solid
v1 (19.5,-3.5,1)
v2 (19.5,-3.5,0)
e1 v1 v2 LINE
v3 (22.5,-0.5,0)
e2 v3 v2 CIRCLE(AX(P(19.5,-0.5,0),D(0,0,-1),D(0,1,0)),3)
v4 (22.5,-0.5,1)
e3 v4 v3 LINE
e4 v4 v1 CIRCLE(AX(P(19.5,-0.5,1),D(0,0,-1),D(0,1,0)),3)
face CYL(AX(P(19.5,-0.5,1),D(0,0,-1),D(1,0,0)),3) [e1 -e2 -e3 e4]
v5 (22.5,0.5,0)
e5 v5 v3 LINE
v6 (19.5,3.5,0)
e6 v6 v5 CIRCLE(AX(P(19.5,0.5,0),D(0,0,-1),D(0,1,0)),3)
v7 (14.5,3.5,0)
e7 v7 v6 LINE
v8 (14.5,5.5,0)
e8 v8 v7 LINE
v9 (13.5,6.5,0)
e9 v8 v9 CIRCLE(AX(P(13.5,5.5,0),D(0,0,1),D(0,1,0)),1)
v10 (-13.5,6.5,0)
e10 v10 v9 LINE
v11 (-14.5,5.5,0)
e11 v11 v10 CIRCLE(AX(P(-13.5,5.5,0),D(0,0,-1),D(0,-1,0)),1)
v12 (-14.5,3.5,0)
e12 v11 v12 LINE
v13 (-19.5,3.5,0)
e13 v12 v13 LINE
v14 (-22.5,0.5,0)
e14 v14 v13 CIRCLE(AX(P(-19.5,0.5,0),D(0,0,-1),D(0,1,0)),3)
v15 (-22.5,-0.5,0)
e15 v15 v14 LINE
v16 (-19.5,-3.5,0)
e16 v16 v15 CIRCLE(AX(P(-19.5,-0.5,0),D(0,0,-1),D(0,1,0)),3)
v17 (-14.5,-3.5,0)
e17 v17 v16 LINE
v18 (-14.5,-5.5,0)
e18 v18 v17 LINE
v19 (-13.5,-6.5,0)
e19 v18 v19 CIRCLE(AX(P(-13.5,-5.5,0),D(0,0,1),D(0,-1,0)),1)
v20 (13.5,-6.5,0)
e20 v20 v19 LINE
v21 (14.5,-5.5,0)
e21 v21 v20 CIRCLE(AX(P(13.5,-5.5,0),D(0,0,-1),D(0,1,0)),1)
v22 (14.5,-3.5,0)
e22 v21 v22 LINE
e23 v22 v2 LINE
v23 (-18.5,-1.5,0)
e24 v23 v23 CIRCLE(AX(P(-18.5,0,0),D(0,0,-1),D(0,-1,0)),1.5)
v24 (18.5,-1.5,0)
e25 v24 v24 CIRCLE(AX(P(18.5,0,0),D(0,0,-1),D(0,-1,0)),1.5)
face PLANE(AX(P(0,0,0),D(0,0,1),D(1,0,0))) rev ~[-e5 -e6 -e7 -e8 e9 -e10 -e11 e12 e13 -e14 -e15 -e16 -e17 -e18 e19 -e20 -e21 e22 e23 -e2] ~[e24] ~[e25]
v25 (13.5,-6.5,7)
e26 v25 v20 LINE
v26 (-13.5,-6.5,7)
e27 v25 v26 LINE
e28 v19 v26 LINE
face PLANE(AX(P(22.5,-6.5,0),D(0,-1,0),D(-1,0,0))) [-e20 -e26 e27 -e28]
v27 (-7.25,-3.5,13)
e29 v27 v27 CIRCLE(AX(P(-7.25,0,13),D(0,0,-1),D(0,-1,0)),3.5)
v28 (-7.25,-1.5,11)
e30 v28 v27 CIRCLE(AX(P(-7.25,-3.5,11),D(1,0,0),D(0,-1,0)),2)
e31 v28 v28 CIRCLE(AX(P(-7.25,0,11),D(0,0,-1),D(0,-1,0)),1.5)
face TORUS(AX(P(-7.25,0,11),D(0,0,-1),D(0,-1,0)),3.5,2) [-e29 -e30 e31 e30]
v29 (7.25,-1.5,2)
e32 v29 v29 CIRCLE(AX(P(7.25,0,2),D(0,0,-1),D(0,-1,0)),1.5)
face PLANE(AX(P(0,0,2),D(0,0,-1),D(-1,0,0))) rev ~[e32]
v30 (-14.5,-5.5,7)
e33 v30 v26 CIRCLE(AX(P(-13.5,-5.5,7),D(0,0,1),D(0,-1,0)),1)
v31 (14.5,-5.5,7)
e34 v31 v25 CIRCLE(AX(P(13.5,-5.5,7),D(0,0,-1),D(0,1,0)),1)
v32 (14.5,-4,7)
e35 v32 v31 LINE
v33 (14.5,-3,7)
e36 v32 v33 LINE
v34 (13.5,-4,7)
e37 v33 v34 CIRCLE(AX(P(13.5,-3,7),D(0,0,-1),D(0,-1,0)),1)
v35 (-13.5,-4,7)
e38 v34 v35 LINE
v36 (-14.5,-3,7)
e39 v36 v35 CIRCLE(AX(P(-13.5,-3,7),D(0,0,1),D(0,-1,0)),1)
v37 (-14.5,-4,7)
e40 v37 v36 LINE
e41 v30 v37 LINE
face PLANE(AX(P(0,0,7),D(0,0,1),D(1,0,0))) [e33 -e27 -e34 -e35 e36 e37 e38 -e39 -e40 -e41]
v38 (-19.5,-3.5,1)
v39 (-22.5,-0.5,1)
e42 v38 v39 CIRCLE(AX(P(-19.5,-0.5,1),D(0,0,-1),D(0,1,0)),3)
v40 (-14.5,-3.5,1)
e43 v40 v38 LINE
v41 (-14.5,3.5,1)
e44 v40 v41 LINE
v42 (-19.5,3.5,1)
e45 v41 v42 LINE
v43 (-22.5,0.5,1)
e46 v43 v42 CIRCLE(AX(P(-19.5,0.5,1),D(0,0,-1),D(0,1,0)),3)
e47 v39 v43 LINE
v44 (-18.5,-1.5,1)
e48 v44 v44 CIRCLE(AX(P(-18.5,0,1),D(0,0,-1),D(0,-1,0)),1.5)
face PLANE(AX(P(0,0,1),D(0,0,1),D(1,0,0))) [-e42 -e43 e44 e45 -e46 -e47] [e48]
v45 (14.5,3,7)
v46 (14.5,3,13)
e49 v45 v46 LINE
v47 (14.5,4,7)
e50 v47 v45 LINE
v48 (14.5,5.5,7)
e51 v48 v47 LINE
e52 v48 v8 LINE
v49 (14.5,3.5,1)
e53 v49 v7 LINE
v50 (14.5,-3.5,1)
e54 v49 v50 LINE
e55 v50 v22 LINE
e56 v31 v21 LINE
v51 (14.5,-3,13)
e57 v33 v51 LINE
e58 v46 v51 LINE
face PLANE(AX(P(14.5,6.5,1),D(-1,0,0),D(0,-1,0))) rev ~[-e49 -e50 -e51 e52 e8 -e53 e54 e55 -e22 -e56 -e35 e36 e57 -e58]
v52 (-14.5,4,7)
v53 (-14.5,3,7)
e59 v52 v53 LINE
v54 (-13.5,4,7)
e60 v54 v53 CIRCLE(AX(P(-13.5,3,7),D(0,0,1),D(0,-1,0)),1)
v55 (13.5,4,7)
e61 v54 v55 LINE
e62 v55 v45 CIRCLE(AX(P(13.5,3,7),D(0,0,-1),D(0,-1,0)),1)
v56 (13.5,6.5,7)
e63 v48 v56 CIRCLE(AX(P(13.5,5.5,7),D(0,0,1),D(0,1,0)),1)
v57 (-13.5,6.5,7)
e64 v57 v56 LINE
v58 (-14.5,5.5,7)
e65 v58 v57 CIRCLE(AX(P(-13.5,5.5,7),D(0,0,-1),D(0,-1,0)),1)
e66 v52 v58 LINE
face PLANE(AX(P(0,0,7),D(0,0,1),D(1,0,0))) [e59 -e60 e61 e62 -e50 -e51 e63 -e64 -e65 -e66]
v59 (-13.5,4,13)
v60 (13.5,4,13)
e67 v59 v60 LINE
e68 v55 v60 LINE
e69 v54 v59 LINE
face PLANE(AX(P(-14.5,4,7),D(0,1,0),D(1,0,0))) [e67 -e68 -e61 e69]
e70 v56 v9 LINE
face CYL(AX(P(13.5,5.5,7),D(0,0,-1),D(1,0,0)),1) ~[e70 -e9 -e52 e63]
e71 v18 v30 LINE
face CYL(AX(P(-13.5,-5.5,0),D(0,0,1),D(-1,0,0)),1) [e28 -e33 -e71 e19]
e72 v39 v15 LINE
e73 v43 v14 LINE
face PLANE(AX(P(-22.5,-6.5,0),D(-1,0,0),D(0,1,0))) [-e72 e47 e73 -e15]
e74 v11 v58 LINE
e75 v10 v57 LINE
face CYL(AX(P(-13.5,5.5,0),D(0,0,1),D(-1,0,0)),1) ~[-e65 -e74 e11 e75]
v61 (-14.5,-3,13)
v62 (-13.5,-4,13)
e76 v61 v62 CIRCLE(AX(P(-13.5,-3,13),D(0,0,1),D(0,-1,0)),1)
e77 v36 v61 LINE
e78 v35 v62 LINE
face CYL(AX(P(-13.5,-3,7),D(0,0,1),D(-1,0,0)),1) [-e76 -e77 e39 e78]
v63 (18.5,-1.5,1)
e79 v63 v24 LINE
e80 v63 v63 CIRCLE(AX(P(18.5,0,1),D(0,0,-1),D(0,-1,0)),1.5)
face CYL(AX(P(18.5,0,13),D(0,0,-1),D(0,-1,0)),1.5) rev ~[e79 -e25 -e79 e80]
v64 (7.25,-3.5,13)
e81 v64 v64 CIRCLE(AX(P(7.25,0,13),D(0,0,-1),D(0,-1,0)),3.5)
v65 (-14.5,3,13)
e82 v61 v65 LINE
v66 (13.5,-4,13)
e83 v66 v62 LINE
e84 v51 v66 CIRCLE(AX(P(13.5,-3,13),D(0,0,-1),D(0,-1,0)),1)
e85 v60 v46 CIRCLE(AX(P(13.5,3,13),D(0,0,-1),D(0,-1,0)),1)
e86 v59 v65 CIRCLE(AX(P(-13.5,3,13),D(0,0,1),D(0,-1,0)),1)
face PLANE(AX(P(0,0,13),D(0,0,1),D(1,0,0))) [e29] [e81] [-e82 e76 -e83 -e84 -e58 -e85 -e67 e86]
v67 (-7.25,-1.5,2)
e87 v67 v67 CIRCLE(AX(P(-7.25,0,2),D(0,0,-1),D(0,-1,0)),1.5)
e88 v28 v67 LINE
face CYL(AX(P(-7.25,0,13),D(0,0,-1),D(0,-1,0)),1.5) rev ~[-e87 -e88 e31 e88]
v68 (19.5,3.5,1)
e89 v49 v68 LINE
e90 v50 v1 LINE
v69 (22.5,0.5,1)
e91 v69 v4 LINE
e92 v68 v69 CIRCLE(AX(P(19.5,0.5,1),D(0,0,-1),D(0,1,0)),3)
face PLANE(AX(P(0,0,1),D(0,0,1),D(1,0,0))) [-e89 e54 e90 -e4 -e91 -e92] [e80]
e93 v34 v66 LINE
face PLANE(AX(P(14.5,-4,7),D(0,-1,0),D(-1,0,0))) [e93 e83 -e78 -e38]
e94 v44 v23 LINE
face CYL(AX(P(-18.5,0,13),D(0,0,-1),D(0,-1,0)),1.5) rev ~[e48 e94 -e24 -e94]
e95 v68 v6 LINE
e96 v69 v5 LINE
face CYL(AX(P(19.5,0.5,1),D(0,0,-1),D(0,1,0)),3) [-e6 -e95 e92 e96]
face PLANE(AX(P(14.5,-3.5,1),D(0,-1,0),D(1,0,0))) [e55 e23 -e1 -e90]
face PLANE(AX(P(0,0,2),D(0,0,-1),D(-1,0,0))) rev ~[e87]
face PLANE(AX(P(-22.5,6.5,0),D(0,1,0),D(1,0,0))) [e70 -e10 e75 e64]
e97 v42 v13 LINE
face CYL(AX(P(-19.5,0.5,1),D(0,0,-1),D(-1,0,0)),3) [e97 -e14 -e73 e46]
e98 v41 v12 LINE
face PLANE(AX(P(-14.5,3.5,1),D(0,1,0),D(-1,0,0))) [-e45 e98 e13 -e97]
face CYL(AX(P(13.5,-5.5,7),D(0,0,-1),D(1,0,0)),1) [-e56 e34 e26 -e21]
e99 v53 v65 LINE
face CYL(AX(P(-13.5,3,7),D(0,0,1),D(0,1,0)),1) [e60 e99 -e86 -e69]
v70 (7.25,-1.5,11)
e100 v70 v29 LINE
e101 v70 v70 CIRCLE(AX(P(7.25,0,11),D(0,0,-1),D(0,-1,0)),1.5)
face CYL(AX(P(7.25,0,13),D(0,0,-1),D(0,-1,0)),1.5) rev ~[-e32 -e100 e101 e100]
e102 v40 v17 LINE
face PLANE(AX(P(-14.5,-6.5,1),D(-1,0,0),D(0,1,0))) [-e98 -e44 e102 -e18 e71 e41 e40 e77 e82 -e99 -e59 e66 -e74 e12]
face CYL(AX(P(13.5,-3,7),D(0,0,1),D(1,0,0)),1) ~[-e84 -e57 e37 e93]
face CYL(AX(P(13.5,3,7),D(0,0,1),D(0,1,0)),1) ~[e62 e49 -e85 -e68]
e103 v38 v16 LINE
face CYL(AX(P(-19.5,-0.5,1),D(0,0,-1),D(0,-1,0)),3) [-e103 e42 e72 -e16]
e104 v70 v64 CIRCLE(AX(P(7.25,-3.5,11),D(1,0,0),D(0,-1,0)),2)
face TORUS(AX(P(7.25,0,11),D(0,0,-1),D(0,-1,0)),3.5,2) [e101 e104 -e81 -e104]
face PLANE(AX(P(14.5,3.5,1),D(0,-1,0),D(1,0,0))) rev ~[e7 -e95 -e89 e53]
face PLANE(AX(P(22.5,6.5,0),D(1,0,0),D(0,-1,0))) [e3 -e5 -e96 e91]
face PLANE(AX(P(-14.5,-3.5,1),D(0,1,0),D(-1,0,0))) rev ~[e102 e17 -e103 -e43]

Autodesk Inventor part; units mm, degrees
ref_plane "YZ Plane" through (0, 0, 0) normal (1, 0, 0) x (0, 1, 0)
ref_plane "XZ Plane" through (0, 0, 0) normal (0, 1, 0) x (-1, 0, 0)
ref_plane "XY Plane" through (0, 0, 0) normal (0, 0, 1) x (1, 0, 0)
sketch "スケッチ1" plane through (0, 0, 0) normal (0, 0, 1) x (1, 0, 0)
  line L0 (-22.5, 6.5) -> (22.5, 6.5)
  line L1 (22.5, 6.5) -> (22.5, -6.5)
  line L2 (22.5, -6.5) -> (-22.5, -6.5)
  line L3 (-22.5, -6.5) -> (-22.5, 6.5)
  line L4 (-22.5, 6.5) -> (22.5, -6.5) construction
  line L5 (22.5, 6.5) -> (-22.5, -6.5) construction
  point P0 (0, 0)
  dimension "d0" = 45
  dimension "d1" = 13
extrude "押し出し1" add sketch "スケッチ1" along normal blind 1
sketch "スケッチ2" plane through (0, 0, 1) normal (0, 0, 1) x (1, 0, 0)
  line L0 (-14.5, 6.5) -> (14.5, 6.5)
  line L1 (14.5, 6.5) -> (14.5, -6.5)
  line L2 (14.5, -6.5) -> (-14.5, -6.5)
  line L3 (-14.5, -6.5) -> (-14.5, 6.5)
  line L4 (-14.5, 6.5) -> (14.5, -6.5) construction
  line L5 (14.5, 6.5) -> (-14.5, -6.5) construction
  point P0 (0, 0)
  dimension "d4" = 29
  dimension "d5" = 13
extrude "押し出し2" add sketch "スケッチ2" along normal blind 6
sketch "スケッチ4" plane through (0, 0, 7) normal (0, 0, 1) x (1, 0, 0)
  line L0 (-14.5, 4) -> (14.5, 4)
  line L1 (14.5, 4) -> (14.5, -4)
  line L2 (14.5, -4) -> (-14.5, -4)
  line L3 (-14.5, -4) -> (-14.5, 4)
  line L4 (-14.5, 4) -> (14.5, -4) construction
  line L5 (14.5, 4) -> (-14.5, -4) construction
  point P0 (0, 0)
  dimension "d8" = 29
  dimension "d9" = 8
extrude "押し出し3" add sketch "スケッチ4" along normal blind 6
sketch "スケッチ5" plane through (0, 0, 1) normal (0, 0, 1) x (1, 0, 0)
  point P0 (0, 0)
sketch "スケッチ6" plane through (0, 0, 1) normal (0, 0, 1) x (1, 0, 0)
  line L0 (22.5, 6.5) -> (14.5, 6.5)
  line L1 (14.5, 6.5) -> (14.5, 3.5)
  line L2 (14.5, 3.5) -> (22.5, 3.5)
  line L3 (22.5, 3.5) -> (22.5, 6.5)
  line L4 (22.5, -6.5) -> (14.5, -6.5)
  line L5 (14.5, -6.5) -> (14.5, -3.5)
  line L6 (14.5, -3.5) -> (22.5, -3.5)
  line L7 (22.5, -3.5) -> (22.5, -6.5)
  line L8 (-22.5, 6.5) -> (-14.5, 6.5)
  line L9 (-14.5, 6.5) -> (-14.5, 3.5)
  line L10 (-14.5, 3.5) -> (-22.5, 3.5)
  line L11 (-22.5, 3.5) -> (-22.5, 6.5)
  line L12 (-22.5, -6.5) -> (-14.5, -6.5)
  line L13 (-14.5, -6.5) -> (-14.5, -3.5)
  line L14 (-14.5, -3.5) -> (-22.5, -3.5)
  line L15 (-22.5, -3.5) -> (-22.5, -6.5)
  point P0 (0, 0)
  dimension "d12" = 8
  dimension "d13" = 3
  dimension "d14" = 8
  dimension "d15" = 3
  dimension "d16" = 8
  dimension "d17" = 3
  dimension "d18" = 8
  dimension "d19" = 3
extrude "押し出し4" cut sketch "スケッチ6" against normal blind 6
fillet "フィレット1" radius 3 4 edges at (22.5, 3.5, 0.5) (22.5, -3.5, 0.5) (-22.5, 3.5, 0.5) (-22.5, -3.5, 0.5)
sketch "スケッチ7" plane through (0, 0, 13) normal (0, 0, 1) x (1, 0, 0)
  point P0 (0, 0)
  point P1 (7.25, 0)
  point P2 (-7.25, 0)
  point P3 (-18.5, 0)
  point P4 (18.5, 0)
hole "穴1" at (7.25, 0, 13) at (-7.25, 0, 13) at (-18.5, 0, 13) at (18.5, 0, 13) direction (0, 0, -1) diameter 3 end through all
fillet "フィレット2" radius 2 2 edges at (-7.25, 1.5, 13) (7.25, 1.5, 13)
sketch "スケッチ8" plane through (0, 0, 0) normal (0, 0, -1) x (-1, 0, 0)
  line L0 (12.5, -3.5) -> (-12.5, -3.5)
  line L1 (-12.5, -3.5) -> (-12.5, 3.5)
  line L2 (-12.5, 3.5) -> (12.5, 3.5)
  line L3 (12.5, 3.5) -> (12.5, -3.5)
  line L4 (12.5, -3.5) -> (-12.5, 3.5) construction
  line L5 (-12.5, -3.5) -> (12.5, 3.5) construction
  point P0 (0, 0)
  dimension "d31" = 7
  dimension "d32" = 25
extrude "押し出し5" cut sketch "スケッチ8" against normal blind 2
sketch "スケッチ9" plane through (0, 0, 2) normal (0, 0, -1) x (-1, 0, 0)
  line L0 (12.5, -3.5) -> (-12.5, -3.5)
  line L1 (-12.5, -3.5) -> (-12.5, 3.5)
  line L2 (-12.5, 3.5) -> (12.5, 3.5)
  line L3 (12.5, 3.5) -> (12.5, -3.5)
  line L4 (12.5, -3.5) -> (-12.5, 3.5) construction
  line L5 (-12.5, -3.5) -> (12.5, 3.5) construction
  point P0 (0, 0)
  dimension "d35" = 25
  dimension "d36" = 7
extrude "押し出し6" add sketch "スケッチ9" along normal blind 2
fillet "フィレット3" radius 1 8 edges at (14.5, 4, 10) (14.5, 6.5, 3.5) (14.5, -4, 10) (14.5, -6.5, 3.5) (-14.5, 6.5, 3.5) (-14.5, 4, 10) (-14.5, -4, 10) (-14.5, -6.5, 3.5)
properties part number "PSDセンサ" material "アセタール樹脂、黒"
